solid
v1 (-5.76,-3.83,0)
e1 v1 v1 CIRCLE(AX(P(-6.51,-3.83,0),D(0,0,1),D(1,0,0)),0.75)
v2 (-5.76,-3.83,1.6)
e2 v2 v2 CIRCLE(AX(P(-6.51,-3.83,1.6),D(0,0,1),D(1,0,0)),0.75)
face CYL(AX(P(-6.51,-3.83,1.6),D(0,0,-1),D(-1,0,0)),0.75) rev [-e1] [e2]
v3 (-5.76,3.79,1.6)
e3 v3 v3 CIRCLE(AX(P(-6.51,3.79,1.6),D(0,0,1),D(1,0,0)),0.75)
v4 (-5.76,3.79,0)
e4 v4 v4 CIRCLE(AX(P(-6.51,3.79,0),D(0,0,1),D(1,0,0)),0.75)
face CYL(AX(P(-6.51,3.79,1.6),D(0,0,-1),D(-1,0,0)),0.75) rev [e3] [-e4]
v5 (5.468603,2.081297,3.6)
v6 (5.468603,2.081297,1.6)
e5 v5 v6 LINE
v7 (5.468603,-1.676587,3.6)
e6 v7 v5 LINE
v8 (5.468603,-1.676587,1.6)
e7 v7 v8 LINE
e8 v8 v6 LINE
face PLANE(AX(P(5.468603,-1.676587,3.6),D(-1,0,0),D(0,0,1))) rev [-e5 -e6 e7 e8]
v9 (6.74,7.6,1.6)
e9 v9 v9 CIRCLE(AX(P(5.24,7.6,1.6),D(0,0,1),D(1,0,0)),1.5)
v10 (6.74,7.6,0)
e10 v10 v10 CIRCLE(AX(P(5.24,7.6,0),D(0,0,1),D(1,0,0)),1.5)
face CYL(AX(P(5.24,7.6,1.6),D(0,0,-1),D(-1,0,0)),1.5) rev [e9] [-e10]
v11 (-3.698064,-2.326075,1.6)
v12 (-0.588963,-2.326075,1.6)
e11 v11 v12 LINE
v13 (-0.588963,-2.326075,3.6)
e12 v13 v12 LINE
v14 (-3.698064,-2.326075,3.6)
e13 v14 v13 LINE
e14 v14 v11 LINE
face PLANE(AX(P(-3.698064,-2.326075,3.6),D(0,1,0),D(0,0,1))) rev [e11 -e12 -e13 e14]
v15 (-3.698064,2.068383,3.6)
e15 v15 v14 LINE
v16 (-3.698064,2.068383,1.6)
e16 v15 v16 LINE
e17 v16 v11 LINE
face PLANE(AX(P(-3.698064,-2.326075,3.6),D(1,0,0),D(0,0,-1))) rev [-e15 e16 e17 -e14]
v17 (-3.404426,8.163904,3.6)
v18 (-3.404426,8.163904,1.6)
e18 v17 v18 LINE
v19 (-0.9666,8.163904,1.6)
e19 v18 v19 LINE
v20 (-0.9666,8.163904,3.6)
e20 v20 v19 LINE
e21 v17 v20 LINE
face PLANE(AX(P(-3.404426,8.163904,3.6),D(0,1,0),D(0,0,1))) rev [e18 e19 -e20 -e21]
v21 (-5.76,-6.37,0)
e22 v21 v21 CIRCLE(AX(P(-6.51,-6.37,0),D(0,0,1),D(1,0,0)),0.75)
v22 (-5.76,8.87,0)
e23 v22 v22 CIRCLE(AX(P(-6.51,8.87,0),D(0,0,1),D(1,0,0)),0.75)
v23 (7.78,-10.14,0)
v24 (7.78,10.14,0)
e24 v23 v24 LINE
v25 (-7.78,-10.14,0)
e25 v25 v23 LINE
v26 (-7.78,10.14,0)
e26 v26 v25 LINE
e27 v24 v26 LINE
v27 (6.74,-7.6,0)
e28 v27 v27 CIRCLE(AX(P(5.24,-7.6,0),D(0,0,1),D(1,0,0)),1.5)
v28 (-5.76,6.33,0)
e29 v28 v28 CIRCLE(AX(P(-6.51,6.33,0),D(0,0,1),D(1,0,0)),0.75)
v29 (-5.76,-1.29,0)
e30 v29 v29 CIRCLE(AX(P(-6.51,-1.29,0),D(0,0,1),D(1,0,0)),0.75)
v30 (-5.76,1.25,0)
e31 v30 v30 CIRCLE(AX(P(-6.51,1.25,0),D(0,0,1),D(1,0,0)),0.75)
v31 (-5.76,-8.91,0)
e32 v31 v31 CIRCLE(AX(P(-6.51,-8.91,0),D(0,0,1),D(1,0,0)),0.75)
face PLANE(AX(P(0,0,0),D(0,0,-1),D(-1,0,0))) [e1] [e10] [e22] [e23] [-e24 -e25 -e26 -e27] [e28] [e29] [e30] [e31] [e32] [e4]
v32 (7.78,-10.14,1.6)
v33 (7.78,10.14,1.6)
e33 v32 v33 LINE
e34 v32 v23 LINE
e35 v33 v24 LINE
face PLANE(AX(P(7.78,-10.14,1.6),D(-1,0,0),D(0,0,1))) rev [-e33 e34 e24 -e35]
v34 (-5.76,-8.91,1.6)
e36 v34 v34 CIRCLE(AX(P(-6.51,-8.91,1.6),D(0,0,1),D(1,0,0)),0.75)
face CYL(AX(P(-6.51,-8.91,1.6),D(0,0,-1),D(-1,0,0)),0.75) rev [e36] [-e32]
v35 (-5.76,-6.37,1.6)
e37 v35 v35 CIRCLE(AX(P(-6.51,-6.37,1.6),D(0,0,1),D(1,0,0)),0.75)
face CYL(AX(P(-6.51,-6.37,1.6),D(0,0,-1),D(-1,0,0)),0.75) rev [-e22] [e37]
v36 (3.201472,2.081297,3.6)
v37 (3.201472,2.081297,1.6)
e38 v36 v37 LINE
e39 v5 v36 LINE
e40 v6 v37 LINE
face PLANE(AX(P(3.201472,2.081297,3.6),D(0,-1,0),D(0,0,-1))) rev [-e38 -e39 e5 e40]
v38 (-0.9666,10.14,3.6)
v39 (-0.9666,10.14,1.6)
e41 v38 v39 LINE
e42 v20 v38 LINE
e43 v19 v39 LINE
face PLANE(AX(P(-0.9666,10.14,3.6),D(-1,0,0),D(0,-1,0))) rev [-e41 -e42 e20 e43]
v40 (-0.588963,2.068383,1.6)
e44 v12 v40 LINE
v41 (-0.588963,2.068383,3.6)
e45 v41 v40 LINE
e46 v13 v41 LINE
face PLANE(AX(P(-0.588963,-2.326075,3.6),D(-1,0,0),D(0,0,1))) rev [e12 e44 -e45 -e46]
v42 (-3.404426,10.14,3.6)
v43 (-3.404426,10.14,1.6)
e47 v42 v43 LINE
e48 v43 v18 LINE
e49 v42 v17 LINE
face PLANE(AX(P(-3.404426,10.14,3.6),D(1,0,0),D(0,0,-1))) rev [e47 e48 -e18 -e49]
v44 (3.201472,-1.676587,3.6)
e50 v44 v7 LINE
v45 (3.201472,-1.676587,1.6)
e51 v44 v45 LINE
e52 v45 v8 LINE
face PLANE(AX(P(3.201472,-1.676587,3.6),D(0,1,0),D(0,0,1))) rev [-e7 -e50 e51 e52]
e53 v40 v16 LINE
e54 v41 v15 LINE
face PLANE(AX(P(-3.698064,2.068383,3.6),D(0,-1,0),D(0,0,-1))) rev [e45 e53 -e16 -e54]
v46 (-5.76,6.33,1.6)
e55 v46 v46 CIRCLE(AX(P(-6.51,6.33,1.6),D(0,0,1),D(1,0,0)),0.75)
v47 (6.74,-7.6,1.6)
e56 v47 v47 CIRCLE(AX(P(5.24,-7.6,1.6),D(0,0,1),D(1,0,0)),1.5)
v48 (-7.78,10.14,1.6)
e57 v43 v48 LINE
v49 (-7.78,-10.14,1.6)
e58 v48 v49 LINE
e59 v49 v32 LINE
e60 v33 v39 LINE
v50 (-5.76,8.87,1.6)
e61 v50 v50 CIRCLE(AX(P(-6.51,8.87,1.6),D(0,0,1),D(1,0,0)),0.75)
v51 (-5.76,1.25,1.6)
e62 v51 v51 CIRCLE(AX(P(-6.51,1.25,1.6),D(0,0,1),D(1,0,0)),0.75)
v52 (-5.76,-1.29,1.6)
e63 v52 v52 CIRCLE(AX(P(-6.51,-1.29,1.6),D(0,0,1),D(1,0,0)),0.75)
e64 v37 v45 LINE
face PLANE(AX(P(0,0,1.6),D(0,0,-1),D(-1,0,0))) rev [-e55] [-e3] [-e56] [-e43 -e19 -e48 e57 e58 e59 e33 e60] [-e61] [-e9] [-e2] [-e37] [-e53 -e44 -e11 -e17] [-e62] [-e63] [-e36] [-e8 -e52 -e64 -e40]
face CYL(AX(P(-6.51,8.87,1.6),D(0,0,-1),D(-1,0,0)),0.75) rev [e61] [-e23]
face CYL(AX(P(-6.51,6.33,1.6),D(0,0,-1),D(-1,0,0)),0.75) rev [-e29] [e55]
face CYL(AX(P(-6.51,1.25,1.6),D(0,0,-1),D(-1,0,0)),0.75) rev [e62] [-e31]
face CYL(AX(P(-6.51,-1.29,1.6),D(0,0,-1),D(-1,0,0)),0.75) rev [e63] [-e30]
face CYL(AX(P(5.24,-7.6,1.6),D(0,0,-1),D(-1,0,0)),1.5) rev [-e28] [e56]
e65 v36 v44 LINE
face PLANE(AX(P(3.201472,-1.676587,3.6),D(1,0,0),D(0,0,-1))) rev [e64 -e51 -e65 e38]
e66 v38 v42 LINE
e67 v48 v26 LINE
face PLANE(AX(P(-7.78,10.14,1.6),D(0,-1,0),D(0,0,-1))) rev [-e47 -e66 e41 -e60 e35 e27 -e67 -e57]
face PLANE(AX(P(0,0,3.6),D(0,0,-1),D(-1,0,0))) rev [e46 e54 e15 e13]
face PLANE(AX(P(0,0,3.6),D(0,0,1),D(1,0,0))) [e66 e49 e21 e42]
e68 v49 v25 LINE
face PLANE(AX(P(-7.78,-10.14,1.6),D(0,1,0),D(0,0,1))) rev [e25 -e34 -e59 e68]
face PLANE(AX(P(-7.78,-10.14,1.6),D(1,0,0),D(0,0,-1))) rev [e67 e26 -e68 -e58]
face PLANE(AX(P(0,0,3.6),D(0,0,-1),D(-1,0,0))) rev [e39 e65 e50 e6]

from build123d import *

# Parameters (mm, degrees)
SKETCH_1_W      = 15.56
SKETCH_1_H      = 20.28
SKETCH_1_R      = 1.5
SKETCH_1_R_2    = 0.75
EXTRUDE_1_DEPTH = 1.6
SKETCH_2_W      = 2.267131812
SKETCH_2_H      = 3.757883692
SKETCH_2_W_2    = 3.109101674
SKETCH_2_H_2    = 4.394457387
SKETCH_2_W_3    = 2.437826046
SKETCH_2_H_3    = 1.976096162
EXTRUDE_2_DEPTH = 2


with BuildPart() as part:
    # 草图1 → 凸台-拉伸1 (new body)
    with BuildSketch(Plane.XY):
        Rectangle(SKETCH_1_W, SKETCH_1_H)
        with Locations((5.24, 7.6)):
            Circle(SKETCH_1_R, mode=Mode.SUBTRACT)
        with Locations((5.24, -7.6)):
            Circle(SKETCH_1_R, mode=Mode.SUBTRACT)
        with Locations((-6.51, 8.87)):
            Circle(SKETCH_1_R_2, mode=Mode.SUBTRACT)
        with Locations((-6.51, 6.33)):
            Circle(SKETCH_1_R_2, mode=Mode.SUBTRACT)
        with Locations((-6.51, 3.79)):
            Circle(SKETCH_1_R_2, mode=Mode.SUBTRACT)
        with Locations((-6.51, 1.25)):
            Circle(SKETCH_1_R_2, mode=Mode.SUBTRACT)
        with Locations((-6.51, -1.29)):
            Circle(SKETCH_1_R_2, mode=Mode.SUBTRACT)
        with Locations((-6.51, -3.83)):
            Circle(SKETCH_1_R_2, mode=Mode.SUBTRACT)
        with Locations((-6.51, -6.37)):
            Circle(SKETCH_1_R_2, mode=Mode.SUBTRACT)
        with Locations((-6.51, -8.91)):
            Circle(SKETCH_1_R_2, mode=Mode.SUBTRACT)
    extrude(amount=EXTRUDE_1_DEPTH)

    # 草图2 → 凸台-拉伸2 (add)
    with BuildSketch(Plane.XY.offset(1.6)):
        with Locations((4.335037476, 0.202355131)):
            Rectangle(SKETCH_2_W, SKETCH_2_H)
        with Locations((-2.143513608, -0.128846081)):
            Rectangle(SKETCH_2_W_2, SKETCH_2_H_2)
        with Locations((-2.18551331, 9.151951919)):
            Rectangle(SKETCH_2_W_3, SKETCH_2_H_3)
    extrude(amount=EXTRUDE_2_DEPTH)


solid = part.part
